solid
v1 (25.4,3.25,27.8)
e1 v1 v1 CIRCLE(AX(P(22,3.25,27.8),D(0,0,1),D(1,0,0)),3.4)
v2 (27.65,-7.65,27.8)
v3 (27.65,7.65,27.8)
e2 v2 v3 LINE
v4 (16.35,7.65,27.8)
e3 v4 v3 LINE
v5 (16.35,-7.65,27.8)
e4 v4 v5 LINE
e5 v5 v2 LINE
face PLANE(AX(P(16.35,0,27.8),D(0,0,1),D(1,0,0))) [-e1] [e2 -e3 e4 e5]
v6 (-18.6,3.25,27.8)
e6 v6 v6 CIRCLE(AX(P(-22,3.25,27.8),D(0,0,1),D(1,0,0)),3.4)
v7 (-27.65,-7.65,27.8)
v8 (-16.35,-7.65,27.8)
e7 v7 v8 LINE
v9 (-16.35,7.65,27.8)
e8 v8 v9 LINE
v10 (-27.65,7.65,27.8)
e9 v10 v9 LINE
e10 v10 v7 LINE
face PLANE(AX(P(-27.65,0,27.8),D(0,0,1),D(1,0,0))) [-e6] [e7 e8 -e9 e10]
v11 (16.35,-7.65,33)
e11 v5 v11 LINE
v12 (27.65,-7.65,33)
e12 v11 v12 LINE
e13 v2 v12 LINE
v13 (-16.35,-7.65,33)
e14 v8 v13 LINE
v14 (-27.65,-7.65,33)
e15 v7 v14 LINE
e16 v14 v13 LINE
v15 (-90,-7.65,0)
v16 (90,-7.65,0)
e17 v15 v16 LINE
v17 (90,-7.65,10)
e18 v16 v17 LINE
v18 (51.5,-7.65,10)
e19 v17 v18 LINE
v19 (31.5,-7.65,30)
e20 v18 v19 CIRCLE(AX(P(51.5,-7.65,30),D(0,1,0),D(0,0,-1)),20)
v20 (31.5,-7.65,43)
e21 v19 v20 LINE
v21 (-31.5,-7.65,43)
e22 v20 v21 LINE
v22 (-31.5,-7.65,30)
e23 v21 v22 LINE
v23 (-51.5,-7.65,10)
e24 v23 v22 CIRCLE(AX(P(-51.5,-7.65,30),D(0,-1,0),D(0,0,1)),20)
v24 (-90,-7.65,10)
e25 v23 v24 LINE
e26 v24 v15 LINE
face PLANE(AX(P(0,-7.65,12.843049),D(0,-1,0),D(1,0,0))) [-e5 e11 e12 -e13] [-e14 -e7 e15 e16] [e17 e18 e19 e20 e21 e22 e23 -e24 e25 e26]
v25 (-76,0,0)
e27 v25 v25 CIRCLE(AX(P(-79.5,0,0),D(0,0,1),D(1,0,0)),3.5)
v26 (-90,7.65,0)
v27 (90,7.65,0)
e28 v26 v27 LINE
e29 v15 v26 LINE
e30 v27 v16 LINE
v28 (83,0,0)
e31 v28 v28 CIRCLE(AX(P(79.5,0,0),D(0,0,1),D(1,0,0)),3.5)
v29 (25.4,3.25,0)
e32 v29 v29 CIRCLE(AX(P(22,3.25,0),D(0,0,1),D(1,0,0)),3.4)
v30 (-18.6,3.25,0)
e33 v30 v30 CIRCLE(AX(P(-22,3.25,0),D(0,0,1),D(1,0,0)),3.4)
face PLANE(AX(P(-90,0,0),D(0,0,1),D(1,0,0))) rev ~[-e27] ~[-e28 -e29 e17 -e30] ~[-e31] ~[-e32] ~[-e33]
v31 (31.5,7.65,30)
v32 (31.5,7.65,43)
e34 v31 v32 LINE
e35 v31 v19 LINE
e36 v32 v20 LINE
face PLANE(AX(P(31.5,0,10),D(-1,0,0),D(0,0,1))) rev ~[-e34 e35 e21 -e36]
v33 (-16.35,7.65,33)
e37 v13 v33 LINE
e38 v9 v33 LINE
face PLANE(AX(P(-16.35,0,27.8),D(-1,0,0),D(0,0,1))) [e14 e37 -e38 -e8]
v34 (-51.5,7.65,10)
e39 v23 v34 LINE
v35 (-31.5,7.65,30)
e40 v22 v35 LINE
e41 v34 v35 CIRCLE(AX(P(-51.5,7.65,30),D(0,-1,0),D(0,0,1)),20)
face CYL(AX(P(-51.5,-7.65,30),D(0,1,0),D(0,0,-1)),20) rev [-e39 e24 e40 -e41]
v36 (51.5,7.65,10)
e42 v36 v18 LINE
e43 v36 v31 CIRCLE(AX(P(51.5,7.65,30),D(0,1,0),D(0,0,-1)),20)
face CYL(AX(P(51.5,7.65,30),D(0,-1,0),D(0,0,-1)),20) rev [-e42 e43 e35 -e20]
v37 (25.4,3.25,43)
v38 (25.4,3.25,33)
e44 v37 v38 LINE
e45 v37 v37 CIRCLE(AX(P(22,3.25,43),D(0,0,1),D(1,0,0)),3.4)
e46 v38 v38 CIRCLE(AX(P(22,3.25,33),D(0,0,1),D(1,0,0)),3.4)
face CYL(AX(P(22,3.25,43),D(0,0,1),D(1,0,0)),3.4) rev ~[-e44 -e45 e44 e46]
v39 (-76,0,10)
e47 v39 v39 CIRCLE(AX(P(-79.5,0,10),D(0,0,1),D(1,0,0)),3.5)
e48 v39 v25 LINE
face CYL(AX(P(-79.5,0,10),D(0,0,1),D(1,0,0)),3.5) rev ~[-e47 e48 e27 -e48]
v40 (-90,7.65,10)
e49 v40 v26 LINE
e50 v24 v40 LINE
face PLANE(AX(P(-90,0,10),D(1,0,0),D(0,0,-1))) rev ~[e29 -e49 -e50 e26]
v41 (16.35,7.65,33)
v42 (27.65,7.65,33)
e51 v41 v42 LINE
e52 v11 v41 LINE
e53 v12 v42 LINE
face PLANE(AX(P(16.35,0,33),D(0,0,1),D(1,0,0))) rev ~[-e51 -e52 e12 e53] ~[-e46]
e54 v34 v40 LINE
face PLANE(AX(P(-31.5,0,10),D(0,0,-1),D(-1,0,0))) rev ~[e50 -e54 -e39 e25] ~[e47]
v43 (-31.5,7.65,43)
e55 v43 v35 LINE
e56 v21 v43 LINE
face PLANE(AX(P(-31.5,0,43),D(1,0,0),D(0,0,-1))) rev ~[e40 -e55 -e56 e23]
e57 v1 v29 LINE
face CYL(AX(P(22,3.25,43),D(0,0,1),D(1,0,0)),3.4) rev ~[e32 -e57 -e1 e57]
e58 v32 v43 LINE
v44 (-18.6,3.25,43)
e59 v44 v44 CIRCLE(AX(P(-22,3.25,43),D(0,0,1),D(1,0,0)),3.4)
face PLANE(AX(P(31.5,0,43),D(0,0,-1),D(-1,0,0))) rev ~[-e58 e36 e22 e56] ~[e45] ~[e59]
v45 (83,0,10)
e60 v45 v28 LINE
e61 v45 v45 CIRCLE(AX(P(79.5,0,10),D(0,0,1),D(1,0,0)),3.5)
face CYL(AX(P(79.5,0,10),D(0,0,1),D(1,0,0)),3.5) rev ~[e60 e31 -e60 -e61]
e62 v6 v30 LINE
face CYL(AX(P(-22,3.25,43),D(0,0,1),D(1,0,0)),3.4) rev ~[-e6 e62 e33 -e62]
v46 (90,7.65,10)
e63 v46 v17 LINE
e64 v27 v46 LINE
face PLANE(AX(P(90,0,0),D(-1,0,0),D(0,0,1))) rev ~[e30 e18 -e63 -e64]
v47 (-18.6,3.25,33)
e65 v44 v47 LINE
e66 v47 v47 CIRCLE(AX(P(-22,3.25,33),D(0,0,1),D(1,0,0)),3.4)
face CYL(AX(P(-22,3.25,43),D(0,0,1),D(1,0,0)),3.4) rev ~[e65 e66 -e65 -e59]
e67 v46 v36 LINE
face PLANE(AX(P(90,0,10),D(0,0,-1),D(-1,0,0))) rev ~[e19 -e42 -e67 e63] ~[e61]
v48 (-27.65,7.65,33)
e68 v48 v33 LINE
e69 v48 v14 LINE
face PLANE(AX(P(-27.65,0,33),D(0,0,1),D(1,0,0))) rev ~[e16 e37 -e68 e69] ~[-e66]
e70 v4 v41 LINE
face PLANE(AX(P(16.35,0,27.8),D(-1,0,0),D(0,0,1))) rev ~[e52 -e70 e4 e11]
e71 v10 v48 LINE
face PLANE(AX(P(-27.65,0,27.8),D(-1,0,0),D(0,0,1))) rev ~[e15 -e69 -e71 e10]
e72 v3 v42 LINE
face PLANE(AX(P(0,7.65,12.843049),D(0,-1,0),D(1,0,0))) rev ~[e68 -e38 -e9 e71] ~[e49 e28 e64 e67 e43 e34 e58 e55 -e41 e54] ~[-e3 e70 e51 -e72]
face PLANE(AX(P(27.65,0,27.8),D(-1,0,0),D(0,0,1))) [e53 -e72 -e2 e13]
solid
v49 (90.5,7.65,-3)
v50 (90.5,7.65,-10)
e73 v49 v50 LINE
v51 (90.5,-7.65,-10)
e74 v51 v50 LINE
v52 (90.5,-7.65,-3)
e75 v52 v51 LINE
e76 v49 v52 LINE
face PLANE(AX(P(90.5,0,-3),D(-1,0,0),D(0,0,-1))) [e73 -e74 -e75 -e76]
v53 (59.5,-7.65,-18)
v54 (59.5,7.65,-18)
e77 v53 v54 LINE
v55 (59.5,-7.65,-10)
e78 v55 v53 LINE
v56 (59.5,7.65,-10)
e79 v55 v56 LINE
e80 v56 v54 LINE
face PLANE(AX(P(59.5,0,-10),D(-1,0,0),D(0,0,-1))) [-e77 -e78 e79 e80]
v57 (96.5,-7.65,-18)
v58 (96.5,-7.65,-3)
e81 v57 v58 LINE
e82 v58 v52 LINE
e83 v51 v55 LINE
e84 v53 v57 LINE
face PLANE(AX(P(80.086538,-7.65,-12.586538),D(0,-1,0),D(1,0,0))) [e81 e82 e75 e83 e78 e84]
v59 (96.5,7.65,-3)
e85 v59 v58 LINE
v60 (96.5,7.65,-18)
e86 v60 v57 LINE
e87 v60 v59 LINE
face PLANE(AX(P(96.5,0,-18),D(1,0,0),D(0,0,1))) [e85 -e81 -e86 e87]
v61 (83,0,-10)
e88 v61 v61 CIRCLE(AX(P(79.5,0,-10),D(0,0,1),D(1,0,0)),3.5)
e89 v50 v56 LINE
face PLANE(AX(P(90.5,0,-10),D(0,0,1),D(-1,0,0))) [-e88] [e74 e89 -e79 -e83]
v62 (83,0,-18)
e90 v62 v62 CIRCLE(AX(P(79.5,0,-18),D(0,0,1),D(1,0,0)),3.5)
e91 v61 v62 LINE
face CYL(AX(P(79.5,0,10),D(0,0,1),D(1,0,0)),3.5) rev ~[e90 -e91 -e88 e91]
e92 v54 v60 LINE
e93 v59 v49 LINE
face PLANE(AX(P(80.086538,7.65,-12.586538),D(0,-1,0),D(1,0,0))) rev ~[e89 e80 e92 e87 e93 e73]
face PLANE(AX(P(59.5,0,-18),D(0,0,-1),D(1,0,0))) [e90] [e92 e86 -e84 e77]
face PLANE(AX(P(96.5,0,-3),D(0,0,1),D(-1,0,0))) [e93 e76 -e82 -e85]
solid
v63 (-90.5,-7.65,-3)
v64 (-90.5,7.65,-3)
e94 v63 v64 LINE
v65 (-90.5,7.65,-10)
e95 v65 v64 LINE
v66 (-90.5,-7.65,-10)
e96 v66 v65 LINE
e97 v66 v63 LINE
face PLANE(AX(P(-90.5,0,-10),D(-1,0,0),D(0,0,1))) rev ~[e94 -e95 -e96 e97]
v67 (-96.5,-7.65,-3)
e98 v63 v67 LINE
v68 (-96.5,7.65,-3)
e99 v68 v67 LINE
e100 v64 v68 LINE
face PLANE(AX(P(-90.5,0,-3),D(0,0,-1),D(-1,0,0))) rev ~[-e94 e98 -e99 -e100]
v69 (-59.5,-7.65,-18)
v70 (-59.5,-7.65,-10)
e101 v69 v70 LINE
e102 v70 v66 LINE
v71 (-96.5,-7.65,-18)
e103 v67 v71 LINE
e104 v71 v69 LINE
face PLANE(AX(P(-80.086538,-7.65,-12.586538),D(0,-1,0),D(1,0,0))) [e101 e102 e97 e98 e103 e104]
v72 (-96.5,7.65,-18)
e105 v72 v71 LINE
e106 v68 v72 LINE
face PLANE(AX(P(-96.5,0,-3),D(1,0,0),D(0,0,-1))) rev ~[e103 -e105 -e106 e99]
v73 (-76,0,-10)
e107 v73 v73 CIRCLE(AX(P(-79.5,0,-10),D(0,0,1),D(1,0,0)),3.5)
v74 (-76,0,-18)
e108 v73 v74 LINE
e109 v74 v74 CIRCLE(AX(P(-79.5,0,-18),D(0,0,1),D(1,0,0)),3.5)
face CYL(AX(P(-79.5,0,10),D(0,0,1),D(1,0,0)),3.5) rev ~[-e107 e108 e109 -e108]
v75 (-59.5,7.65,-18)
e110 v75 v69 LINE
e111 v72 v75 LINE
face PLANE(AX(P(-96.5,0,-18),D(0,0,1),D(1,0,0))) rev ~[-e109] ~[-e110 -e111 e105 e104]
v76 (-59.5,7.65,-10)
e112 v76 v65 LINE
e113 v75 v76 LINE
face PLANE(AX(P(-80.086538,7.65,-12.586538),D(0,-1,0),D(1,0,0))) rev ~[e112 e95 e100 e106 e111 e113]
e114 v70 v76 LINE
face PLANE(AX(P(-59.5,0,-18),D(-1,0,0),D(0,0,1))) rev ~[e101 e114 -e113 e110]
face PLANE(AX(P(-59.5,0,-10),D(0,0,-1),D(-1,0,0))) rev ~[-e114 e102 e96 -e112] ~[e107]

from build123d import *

# Parameters (mm, degrees)
F0_W     = 11.3
F0_H     = 5.2
F1_DEPTH = 7.65
F2_R     = 3.4
F3_DEPTH = 43
F4_R     = 3.5
F5_DEPTH = 28
F6_R     = 20


with BuildPart() as f1:
    # F0 (on Front) → F1 (new body, symmetric)
    with BuildSketch(Plane.XZ):
        Polygon((-90, 0), (-31.5, 0), (31.5, 0), (90, 0), (90, 10), (31.5, 10), (31.5, 43), (-31.5, 43), (-31.5, 10), (-90, 10), align=None)
        with Locations((-22, 30.4)):
            Rectangle(F0_W, F0_H, mode=Mode.SUBTRACT)
        with Locations((22, 30.4)):
            Rectangle(F0_W, F0_H, mode=Mode.SUBTRACT)
        Polygon((-90.5, -3), (-96.5, -3), (-96.5, -18), (-59.5, -18), (-59.5, -10), (-90.5, -10), align=None)
        Polygon((59.5, -18), (96.5, -18), (96.5, -3), (90.5, -3), (90.5, -10), (59.5, -10), align=None)
    extrude(amount=F1_DEPTH, both=True)

    # F2 (on face) → F3 (cut, through all)
    with BuildSketch(Plane.XY.offset(43)):
        with Locations((-22, 3.25)):
            Circle(F2_R)
        with Locations((22, 3.25)):
            Circle(F2_R)
    extrude(amount=-F3_DEPTH, mode=Mode.SUBTRACT)

    # F4 (on face) → F5 (cut, through all)
    with BuildSketch(Plane.XY.offset(10)):
        with Locations((-79.5, 0)):
            Circle(F4_R)
        with Locations((79.5, 0)):
            Circle(F4_R)
    extrude(amount=-F5_DEPTH, mode=Mode.SUBTRACT)

    # F6
    f6_edges = [f1.edges().sort_by_distance(p)[0] for p in [
        (31.5, 0, 10),
        (-31.5, 0, 10),
    ]]
    fillet(f6_edges, radius=F6_R)


solid = f1.part
